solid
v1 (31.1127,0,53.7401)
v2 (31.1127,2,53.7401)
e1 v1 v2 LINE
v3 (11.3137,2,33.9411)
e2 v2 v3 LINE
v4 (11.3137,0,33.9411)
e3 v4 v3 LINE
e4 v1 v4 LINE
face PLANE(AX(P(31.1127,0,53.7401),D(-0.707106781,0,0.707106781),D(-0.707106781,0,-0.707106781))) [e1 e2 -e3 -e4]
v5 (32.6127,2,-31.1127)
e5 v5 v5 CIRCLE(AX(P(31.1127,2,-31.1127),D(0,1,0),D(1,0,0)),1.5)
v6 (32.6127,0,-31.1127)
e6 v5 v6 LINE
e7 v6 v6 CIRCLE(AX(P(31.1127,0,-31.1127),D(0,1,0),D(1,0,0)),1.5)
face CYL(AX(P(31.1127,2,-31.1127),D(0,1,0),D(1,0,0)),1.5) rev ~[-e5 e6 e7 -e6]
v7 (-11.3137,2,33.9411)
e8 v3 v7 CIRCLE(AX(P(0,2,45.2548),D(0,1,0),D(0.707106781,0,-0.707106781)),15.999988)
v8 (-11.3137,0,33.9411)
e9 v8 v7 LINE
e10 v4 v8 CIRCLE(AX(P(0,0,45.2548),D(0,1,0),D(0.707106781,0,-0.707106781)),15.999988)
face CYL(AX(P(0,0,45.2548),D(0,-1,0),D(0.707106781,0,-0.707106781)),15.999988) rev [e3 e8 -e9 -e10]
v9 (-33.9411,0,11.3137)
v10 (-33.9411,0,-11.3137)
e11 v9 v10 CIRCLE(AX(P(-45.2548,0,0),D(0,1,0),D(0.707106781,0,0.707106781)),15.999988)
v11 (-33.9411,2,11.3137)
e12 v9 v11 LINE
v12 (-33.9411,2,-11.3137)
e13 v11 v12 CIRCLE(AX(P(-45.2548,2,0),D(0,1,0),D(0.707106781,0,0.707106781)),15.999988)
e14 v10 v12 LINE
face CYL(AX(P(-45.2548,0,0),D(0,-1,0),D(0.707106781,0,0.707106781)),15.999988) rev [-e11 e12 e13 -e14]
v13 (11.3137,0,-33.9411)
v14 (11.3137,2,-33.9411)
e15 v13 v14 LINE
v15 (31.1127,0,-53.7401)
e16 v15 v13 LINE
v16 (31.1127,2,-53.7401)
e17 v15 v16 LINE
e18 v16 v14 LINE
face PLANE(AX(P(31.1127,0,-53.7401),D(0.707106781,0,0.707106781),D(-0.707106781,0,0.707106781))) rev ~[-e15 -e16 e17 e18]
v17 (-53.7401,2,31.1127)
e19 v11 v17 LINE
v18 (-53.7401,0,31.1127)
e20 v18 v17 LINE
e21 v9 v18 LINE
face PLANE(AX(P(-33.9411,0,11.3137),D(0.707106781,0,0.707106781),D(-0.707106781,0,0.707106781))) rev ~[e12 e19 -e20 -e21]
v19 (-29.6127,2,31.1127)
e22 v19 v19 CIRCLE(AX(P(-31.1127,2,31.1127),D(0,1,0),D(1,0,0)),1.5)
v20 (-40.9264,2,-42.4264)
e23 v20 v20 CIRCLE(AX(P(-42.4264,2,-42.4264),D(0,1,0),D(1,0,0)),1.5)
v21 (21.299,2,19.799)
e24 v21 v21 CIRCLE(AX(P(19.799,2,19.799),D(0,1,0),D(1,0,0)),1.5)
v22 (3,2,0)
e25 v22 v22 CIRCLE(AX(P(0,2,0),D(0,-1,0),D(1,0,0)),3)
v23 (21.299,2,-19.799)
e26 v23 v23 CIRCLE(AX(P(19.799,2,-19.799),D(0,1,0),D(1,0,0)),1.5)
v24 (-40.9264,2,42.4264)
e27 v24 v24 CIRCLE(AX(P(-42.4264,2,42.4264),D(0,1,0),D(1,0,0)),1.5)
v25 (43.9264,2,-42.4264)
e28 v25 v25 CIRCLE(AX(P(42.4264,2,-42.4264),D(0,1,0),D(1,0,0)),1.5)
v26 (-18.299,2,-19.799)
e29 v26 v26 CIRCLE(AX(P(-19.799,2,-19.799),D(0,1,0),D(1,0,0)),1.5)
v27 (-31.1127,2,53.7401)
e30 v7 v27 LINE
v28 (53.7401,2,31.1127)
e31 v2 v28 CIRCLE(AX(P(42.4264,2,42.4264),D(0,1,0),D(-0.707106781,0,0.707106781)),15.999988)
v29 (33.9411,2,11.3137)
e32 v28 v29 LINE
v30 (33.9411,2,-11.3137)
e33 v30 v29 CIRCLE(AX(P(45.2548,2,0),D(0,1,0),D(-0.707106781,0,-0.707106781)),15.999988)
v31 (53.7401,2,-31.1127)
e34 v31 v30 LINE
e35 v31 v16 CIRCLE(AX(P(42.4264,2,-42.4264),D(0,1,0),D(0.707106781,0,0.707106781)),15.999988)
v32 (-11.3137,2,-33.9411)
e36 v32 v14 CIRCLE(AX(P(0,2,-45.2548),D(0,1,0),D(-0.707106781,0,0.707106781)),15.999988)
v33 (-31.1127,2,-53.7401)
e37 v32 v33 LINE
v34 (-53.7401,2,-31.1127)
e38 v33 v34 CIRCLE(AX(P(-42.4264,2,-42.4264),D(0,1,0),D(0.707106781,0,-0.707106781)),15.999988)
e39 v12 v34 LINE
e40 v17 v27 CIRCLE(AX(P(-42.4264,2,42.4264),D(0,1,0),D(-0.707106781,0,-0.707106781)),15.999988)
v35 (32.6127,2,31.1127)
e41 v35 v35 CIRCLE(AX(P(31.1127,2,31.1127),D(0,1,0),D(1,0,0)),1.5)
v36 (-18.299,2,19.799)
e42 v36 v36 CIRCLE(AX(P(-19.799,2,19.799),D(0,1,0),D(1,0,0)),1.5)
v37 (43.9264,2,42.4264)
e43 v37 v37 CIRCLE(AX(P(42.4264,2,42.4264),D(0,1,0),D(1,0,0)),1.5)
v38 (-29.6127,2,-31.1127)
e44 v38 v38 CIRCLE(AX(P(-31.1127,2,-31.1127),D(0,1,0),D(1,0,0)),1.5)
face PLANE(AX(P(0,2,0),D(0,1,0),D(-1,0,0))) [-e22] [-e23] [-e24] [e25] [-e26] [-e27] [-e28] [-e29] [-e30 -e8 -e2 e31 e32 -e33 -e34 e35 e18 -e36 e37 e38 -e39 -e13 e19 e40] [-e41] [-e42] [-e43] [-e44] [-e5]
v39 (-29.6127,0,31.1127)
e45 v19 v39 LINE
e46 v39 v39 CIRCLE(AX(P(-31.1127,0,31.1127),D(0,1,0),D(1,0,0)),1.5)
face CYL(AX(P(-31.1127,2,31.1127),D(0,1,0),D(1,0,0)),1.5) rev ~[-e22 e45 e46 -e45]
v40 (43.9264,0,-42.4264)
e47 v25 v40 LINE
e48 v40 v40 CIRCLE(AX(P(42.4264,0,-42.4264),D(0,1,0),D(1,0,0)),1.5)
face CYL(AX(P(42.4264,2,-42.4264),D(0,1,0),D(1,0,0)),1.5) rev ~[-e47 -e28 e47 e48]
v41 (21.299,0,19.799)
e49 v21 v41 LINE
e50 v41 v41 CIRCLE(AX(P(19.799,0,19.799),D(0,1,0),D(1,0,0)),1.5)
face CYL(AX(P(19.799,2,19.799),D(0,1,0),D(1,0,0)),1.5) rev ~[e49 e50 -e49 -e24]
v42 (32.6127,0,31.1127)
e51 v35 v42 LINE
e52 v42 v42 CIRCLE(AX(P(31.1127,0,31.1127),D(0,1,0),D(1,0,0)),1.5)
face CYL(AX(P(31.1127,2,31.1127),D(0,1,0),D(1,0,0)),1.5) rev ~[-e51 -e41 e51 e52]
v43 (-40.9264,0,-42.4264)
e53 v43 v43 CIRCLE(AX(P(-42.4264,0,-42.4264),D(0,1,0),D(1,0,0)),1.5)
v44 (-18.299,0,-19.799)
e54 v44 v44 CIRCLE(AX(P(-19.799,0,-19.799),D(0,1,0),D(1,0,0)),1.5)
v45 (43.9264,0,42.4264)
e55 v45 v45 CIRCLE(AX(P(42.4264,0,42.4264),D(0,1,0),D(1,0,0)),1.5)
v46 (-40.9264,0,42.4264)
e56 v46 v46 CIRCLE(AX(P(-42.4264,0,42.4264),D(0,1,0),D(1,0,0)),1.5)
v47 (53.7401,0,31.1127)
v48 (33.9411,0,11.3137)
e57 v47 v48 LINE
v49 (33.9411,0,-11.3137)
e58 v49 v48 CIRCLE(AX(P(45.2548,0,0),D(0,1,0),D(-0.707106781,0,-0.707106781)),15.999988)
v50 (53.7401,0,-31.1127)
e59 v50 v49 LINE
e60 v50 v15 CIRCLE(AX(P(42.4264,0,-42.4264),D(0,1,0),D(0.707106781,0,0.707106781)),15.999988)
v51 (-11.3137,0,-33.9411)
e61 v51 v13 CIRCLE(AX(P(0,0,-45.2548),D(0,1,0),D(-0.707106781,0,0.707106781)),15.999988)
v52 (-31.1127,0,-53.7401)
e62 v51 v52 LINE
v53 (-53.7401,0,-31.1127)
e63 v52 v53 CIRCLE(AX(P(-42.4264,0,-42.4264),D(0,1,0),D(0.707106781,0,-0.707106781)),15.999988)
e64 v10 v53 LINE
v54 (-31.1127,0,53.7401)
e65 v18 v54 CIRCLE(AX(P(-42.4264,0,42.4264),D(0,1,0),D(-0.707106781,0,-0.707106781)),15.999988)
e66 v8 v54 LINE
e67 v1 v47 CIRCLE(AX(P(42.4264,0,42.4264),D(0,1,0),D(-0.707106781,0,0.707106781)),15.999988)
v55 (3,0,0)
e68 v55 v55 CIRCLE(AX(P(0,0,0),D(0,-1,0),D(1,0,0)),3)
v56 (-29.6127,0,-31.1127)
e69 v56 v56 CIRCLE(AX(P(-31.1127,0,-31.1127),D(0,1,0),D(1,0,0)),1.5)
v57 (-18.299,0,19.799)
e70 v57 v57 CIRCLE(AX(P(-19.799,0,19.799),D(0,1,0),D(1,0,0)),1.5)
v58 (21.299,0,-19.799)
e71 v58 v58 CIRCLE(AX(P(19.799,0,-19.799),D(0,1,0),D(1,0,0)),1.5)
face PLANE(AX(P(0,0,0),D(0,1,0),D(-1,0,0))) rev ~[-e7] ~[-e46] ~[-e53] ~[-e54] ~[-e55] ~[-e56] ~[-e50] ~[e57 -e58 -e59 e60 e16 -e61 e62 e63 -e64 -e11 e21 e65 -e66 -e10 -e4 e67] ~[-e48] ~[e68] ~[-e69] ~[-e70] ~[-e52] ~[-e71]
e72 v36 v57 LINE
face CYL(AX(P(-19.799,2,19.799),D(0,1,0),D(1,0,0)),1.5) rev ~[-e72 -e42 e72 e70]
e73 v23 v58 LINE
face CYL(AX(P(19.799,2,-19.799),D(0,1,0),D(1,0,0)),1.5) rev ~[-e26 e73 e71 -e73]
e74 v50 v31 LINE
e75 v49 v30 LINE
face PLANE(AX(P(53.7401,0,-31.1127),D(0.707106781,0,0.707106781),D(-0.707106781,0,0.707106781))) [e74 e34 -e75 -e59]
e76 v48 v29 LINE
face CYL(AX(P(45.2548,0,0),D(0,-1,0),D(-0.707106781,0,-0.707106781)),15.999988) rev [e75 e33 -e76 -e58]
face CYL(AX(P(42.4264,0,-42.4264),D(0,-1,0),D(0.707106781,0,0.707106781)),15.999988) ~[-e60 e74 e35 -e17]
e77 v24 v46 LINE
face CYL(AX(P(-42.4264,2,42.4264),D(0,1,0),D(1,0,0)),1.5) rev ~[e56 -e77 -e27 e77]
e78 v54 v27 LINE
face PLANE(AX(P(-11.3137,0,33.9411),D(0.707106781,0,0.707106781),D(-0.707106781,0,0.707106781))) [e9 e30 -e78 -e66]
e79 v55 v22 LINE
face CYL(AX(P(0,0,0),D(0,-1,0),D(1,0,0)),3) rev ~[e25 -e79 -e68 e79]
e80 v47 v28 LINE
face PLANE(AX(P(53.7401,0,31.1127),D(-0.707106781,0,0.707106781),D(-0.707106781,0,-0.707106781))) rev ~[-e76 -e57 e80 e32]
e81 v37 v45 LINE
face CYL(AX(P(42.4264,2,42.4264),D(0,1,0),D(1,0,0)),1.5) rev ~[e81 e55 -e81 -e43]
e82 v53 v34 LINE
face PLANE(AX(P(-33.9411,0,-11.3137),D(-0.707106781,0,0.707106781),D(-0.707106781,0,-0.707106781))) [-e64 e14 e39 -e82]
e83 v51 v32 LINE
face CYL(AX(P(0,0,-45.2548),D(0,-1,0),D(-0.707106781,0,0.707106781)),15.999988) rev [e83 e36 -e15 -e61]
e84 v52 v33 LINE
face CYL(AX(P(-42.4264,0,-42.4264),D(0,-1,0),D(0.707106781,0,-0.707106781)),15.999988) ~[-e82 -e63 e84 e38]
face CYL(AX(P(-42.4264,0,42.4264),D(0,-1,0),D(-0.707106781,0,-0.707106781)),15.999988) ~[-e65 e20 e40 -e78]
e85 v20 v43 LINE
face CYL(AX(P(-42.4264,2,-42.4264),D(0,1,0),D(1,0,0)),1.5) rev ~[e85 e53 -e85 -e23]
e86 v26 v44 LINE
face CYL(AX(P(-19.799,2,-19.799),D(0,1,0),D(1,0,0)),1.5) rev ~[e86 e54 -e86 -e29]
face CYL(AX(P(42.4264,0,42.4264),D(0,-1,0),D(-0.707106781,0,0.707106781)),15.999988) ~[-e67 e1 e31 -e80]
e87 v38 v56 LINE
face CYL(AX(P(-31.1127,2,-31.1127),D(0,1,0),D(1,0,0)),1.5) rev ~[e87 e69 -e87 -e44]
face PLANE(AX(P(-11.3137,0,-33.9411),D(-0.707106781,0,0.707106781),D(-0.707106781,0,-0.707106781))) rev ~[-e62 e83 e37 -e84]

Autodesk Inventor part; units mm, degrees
ref_plane "YZ Plane" through (0, 0, 0) normal (1, 0, 0) x (0, 1, 0)
ref_plane "XZ Plane" through (0, 0, 0) normal (0, 1, 0) x (-1, 0, 0)
ref_plane "XY Plane" through (0, 0, 0) normal (0, 0, 1) x (1, 0, 0)
sketch "Sketch1" plane through (0, 0, 0) normal (0, 1, 0) x (-1, 0, 0)
  arc A0 (-53.7401, -31.1127) -> (-31.1127, -53.7401) centre (-42.4264, -42.4264) ccw
  arc A1 (31.1127, -53.7401) -> (53.7401, -31.1127) centre (42.4264, -42.4264) ccw
  arc A2 (53.7401, 31.1127) -> (31.1127, 53.7401) centre (42.4264, 42.4264) ccw
  arc A3 (-31.1127, 53.7401) -> (-53.7401, 31.1127) centre (-42.4264, 42.4264) ccw
  line L0 (-53.7401, 31.1127) -> (-33.9411, 11.3137)
  line L1 (11.3137, -33.9411) -> (31.1127, -53.7401)
  line L2 (-53.7401, -31.1127) -> (-33.9411, -11.3137)
  line L3 (11.3137, 33.9411) -> (31.1127, 53.7401)
  line L4 (-31.1127, 53.7401) -> (-11.3137, 33.9411)
  line L5 (33.9411, -11.3137) -> (53.7401, -31.1127)
  line L6 (-31.1127, -53.7401) -> (-11.3137, -33.9411)
  line L7 (33.9411, 11.3137) -> (53.7401, 31.1127)
  arc A4 (11.3137, -33.9411) -> (-11.3137, -33.9411) centre (0, -45.2548) ccw
  arc A5 (33.9411, 11.3137) -> (33.9411, -11.3137) centre (45.2548, 0) ccw
  arc A6 (-11.3137, 33.9411) -> (11.3137, 33.9411) centre (0, 45.2548) ccw
  arc A7 (-33.9411, -11.3137) -> (-33.9411, 11.3137) centre (-45.2548, 0) ccw
  arc A8 (-53.7401, -31.1127) -> (-31.1127, -53.7401) centre (-42.4264, -42.4264) ccw
  arc A9 (31.1127, -53.7401) -> (53.7401, -31.1127) centre (42.4264, -42.4264) ccw
  arc A10 (53.7401, 31.1127) -> (31.1127, 53.7401) centre (42.4264, 42.4264) ccw
  arc A11 (-31.1127, 53.7401) -> (-53.7401, 31.1127) centre (-42.4264, 42.4264) ccw
  line L8 (-53.7401, 31.1127) -> (-33.9411, 11.3137)
  line L9 (11.3137, -33.9411) -> (31.1127, -53.7401)
  line L10 (-53.7401, -31.1127) -> (-33.9411, -11.3137)
  line L11 (11.3137, 33.9411) -> (31.1127, 53.7401)
  line L12 (-31.1127, 53.7401) -> (-11.3137, 33.9411)
  line L13 (33.9411, -11.3137) -> (53.7401, -31.1127)
  line L14 (-31.1127, -53.7401) -> (-11.3137, -33.9411)
  line L15 (33.9411, 11.3137) -> (53.7401, 31.1127)
  arc A12 (11.3137, -33.9411) -> (-11.3137, -33.9411) centre (0, -45.2548) ccw
  arc A13 (33.9411, 11.3137) -> (33.9411, -11.3137) centre (45.2548, 0) ccw
  arc A14 (-11.3137, 33.9411) -> (11.3137, 33.9411) centre (0, 45.2548) ccw
  arc A15 (-33.9411, -11.3137) -> (-33.9411, 11.3137) centre (-45.2548, 0) ccw
  arc A16 (-53.7401, -31.1127) -> (-31.1127, -53.7401) centre (-42.4264, -42.4264) ccw
  arc A17 (31.1127, -53.7401) -> (53.7401, -31.1127) centre (42.4264, -42.4264) ccw
  arc A18 (53.7401, 31.1127) -> (31.1127, 53.7401) centre (42.4264, 42.4264) ccw
  arc A19 (-31.1127, 53.7401) -> (-53.7401, 31.1127) centre (-42.4264, 42.4264) ccw
  line L16 (-53.7401, 31.1127) -> (-33.9411, 11.3137)
  line L17 (11.3137, -33.9411) -> (31.1127, -53.7401)
  line L18 (-53.7401, -31.1127) -> (-33.9411, -11.3137)
  line L19 (11.3137, 33.9411) -> (31.1127, 53.7401)
  line L20 (-31.1127, 53.7401) -> (-11.3137, 33.9411)
  line L21 (33.9411, -11.3137) -> (53.7401, -31.1127)
  line L22 (-31.1127, -53.7401) -> (-11.3137, -33.9411)
  line L23 (33.9411, 11.3137) -> (53.7401, 31.1127)
  arc A20 (11.3137, -33.9411) -> (-11.3137, -33.9411) centre (0, -45.2548) ccw
  arc A21 (33.9411, 11.3137) -> (33.9411, -11.3137) centre (45.2548, 0) ccw
  arc A22 (-11.3137, 33.9411) -> (11.3137, 33.9411) centre (0, 45.2548) ccw
  arc A23 (-33.9411, -11.3137) -> (-33.9411, 11.3137) centre (-45.2548, 0) ccw
  point P0 (0, 0)
  point P1 (0, 0)
  point P2 (0, 0)
  point P3 (0, 0)
  point P4 (0, 0)
  point P5 (0, 0)
  point P6 (0, 0)
extrude "Extrusion1" add sketch "Sketch1" along normal blind 2
sketch "Sketch2" plane through (0, 0, 0) normal (0, -1, 0) x (1, 0, 0)
  circle A0 centre (0, 0) radius 3
  dimension "d2" = 6
extrude "Extrusion2" cut sketch "Sketch2" against normal blind 30
sketch "Sketch3" plane through (0, 2, 0) normal (0, 1, 0) x (1, 0, 0)
  arc A0 (53.7401, 31.1127) -> (31.1127, 53.7401) centre (42.4264, 42.4264) ccw projected
  circle A1 centre (42.4264, 42.4264) radius 1.5
  arc A2 (-31.1127, 53.7401) -> (-53.7401, 31.1127) centre (-42.4264, 42.4264) ccw projected
  circle A3 centre (-42.4264, 42.4264) radius 1.5
  arc A4 (-53.7401, -31.1127) -> (-31.1127, -53.7401) centre (-42.4264, -42.4264) ccw projected
  circle A5 centre (-42.4264, -42.4264) radius 1.5
  arc A6 (31.1127, -53.7401) -> (53.7401, -31.1127) centre (42.4264, -42.4264) ccw projected
  circle A7 centre (42.4264, -42.4264) radius 1.5
  line L0 (0, 0) -> (28, 0) construction
  circle A8 centre (-19.799, 19.799) radius 1.5
  circle A9 centre (19.799, 19.799) radius 1.5
  circle A10 centre (19.799, -19.799) radius 1.5
  circle A11 centre (-19.799, -19.799) radius 1.5
  dimension "d5" = 3
  dimension "d6" = 3
  dimension "d7" = 3
  dimension "d8" = 3
  dimension "d11" = 3
  dimension "d12" = 3
  dimension "d13" = 3
  dimension "d14" = 3
extrude "Extrusion3" cut sketch "Sketch3" against normal blind 20
sketch "Sketch4" plane through (0, 2, 0) normal (0, 1, 0) x (1, 0, 0)
  line L0 (-7.4916, -30.1191) -> (-44.7907, -22.1777)
  line L1 (-8.9058, -31.5333) -> (-7.4916, -30.1191)
  line L2 (-44.7907, -22.1777) -> (-46.2121, -23.5847)
  line L3 (-7.4916, -30.1191) -> (-8.9058, -31.5333)
  line L4 (-8.9058, -31.5333) -> (-46.2121, -23.5847)
  line L5 (7.4916, 30.1191) -> (44.7907, 22.1777)
  line L6 (8.9058, 31.5333) -> (7.4916, 30.1191)
  line L7 (44.7907, 22.1777) -> (46.2121, 23.5847)
  line L8 (7.4916, 30.1191) -> (8.9058, 31.5333)
  line L9 (8.9058, 31.5333) -> (46.2121, 23.5847)
  line L10 (45.2798, -22.6524) -> (41.4801, -40.5283)
  line L11 (41.4801, -40.5283) -> (43.4364, -40.9441)
  line L12 (46.966, -24.3386) -> (43.4364, -40.9441)
  line L13 (46.966, -24.3386) -> (45.2798, -22.6524)
  line L14 (-45.2798, 22.6524) -> (-41.4801, 40.5283)
  line L15 (-46.966, 24.3386) -> (-45.2798, 22.6524)
  line L16 (-46.966, 24.3386) -> (-43.4364, 40.9441)
  line L17 (-41.4801, 40.5283) -> (-43.4364, 40.9441)
  point P0 (0, 0)
  dimension "d20" = 2
  dimension "d21" = 2
  dimension "d24" = 360
  dimension "d27" = 2
  dimension "d31" = 360
extrude "Extrusion4" [suppressed]
sketch "Sketch7" plane through (0, 2, 0) normal (0, 1, 0) x (1, 0, 0)
  line L0 (0, 0) -> (44, 0) construction
  circle A0 centre (31.1127, -31.1127) radius 1.5
  circle A1 centre (31.1127, 31.1127) radius 1.5
  circle A2 centre (-31.1127, 31.1127) radius 1.5
  circle A3 centre (-31.1127, -31.1127) radius 1.5
  dimension "d48" = 3
  dimension "d51" = 360
extrude "Extrusion7" cut sketch "Sketch7" against normal blind 10
properties part number "platform 1"
